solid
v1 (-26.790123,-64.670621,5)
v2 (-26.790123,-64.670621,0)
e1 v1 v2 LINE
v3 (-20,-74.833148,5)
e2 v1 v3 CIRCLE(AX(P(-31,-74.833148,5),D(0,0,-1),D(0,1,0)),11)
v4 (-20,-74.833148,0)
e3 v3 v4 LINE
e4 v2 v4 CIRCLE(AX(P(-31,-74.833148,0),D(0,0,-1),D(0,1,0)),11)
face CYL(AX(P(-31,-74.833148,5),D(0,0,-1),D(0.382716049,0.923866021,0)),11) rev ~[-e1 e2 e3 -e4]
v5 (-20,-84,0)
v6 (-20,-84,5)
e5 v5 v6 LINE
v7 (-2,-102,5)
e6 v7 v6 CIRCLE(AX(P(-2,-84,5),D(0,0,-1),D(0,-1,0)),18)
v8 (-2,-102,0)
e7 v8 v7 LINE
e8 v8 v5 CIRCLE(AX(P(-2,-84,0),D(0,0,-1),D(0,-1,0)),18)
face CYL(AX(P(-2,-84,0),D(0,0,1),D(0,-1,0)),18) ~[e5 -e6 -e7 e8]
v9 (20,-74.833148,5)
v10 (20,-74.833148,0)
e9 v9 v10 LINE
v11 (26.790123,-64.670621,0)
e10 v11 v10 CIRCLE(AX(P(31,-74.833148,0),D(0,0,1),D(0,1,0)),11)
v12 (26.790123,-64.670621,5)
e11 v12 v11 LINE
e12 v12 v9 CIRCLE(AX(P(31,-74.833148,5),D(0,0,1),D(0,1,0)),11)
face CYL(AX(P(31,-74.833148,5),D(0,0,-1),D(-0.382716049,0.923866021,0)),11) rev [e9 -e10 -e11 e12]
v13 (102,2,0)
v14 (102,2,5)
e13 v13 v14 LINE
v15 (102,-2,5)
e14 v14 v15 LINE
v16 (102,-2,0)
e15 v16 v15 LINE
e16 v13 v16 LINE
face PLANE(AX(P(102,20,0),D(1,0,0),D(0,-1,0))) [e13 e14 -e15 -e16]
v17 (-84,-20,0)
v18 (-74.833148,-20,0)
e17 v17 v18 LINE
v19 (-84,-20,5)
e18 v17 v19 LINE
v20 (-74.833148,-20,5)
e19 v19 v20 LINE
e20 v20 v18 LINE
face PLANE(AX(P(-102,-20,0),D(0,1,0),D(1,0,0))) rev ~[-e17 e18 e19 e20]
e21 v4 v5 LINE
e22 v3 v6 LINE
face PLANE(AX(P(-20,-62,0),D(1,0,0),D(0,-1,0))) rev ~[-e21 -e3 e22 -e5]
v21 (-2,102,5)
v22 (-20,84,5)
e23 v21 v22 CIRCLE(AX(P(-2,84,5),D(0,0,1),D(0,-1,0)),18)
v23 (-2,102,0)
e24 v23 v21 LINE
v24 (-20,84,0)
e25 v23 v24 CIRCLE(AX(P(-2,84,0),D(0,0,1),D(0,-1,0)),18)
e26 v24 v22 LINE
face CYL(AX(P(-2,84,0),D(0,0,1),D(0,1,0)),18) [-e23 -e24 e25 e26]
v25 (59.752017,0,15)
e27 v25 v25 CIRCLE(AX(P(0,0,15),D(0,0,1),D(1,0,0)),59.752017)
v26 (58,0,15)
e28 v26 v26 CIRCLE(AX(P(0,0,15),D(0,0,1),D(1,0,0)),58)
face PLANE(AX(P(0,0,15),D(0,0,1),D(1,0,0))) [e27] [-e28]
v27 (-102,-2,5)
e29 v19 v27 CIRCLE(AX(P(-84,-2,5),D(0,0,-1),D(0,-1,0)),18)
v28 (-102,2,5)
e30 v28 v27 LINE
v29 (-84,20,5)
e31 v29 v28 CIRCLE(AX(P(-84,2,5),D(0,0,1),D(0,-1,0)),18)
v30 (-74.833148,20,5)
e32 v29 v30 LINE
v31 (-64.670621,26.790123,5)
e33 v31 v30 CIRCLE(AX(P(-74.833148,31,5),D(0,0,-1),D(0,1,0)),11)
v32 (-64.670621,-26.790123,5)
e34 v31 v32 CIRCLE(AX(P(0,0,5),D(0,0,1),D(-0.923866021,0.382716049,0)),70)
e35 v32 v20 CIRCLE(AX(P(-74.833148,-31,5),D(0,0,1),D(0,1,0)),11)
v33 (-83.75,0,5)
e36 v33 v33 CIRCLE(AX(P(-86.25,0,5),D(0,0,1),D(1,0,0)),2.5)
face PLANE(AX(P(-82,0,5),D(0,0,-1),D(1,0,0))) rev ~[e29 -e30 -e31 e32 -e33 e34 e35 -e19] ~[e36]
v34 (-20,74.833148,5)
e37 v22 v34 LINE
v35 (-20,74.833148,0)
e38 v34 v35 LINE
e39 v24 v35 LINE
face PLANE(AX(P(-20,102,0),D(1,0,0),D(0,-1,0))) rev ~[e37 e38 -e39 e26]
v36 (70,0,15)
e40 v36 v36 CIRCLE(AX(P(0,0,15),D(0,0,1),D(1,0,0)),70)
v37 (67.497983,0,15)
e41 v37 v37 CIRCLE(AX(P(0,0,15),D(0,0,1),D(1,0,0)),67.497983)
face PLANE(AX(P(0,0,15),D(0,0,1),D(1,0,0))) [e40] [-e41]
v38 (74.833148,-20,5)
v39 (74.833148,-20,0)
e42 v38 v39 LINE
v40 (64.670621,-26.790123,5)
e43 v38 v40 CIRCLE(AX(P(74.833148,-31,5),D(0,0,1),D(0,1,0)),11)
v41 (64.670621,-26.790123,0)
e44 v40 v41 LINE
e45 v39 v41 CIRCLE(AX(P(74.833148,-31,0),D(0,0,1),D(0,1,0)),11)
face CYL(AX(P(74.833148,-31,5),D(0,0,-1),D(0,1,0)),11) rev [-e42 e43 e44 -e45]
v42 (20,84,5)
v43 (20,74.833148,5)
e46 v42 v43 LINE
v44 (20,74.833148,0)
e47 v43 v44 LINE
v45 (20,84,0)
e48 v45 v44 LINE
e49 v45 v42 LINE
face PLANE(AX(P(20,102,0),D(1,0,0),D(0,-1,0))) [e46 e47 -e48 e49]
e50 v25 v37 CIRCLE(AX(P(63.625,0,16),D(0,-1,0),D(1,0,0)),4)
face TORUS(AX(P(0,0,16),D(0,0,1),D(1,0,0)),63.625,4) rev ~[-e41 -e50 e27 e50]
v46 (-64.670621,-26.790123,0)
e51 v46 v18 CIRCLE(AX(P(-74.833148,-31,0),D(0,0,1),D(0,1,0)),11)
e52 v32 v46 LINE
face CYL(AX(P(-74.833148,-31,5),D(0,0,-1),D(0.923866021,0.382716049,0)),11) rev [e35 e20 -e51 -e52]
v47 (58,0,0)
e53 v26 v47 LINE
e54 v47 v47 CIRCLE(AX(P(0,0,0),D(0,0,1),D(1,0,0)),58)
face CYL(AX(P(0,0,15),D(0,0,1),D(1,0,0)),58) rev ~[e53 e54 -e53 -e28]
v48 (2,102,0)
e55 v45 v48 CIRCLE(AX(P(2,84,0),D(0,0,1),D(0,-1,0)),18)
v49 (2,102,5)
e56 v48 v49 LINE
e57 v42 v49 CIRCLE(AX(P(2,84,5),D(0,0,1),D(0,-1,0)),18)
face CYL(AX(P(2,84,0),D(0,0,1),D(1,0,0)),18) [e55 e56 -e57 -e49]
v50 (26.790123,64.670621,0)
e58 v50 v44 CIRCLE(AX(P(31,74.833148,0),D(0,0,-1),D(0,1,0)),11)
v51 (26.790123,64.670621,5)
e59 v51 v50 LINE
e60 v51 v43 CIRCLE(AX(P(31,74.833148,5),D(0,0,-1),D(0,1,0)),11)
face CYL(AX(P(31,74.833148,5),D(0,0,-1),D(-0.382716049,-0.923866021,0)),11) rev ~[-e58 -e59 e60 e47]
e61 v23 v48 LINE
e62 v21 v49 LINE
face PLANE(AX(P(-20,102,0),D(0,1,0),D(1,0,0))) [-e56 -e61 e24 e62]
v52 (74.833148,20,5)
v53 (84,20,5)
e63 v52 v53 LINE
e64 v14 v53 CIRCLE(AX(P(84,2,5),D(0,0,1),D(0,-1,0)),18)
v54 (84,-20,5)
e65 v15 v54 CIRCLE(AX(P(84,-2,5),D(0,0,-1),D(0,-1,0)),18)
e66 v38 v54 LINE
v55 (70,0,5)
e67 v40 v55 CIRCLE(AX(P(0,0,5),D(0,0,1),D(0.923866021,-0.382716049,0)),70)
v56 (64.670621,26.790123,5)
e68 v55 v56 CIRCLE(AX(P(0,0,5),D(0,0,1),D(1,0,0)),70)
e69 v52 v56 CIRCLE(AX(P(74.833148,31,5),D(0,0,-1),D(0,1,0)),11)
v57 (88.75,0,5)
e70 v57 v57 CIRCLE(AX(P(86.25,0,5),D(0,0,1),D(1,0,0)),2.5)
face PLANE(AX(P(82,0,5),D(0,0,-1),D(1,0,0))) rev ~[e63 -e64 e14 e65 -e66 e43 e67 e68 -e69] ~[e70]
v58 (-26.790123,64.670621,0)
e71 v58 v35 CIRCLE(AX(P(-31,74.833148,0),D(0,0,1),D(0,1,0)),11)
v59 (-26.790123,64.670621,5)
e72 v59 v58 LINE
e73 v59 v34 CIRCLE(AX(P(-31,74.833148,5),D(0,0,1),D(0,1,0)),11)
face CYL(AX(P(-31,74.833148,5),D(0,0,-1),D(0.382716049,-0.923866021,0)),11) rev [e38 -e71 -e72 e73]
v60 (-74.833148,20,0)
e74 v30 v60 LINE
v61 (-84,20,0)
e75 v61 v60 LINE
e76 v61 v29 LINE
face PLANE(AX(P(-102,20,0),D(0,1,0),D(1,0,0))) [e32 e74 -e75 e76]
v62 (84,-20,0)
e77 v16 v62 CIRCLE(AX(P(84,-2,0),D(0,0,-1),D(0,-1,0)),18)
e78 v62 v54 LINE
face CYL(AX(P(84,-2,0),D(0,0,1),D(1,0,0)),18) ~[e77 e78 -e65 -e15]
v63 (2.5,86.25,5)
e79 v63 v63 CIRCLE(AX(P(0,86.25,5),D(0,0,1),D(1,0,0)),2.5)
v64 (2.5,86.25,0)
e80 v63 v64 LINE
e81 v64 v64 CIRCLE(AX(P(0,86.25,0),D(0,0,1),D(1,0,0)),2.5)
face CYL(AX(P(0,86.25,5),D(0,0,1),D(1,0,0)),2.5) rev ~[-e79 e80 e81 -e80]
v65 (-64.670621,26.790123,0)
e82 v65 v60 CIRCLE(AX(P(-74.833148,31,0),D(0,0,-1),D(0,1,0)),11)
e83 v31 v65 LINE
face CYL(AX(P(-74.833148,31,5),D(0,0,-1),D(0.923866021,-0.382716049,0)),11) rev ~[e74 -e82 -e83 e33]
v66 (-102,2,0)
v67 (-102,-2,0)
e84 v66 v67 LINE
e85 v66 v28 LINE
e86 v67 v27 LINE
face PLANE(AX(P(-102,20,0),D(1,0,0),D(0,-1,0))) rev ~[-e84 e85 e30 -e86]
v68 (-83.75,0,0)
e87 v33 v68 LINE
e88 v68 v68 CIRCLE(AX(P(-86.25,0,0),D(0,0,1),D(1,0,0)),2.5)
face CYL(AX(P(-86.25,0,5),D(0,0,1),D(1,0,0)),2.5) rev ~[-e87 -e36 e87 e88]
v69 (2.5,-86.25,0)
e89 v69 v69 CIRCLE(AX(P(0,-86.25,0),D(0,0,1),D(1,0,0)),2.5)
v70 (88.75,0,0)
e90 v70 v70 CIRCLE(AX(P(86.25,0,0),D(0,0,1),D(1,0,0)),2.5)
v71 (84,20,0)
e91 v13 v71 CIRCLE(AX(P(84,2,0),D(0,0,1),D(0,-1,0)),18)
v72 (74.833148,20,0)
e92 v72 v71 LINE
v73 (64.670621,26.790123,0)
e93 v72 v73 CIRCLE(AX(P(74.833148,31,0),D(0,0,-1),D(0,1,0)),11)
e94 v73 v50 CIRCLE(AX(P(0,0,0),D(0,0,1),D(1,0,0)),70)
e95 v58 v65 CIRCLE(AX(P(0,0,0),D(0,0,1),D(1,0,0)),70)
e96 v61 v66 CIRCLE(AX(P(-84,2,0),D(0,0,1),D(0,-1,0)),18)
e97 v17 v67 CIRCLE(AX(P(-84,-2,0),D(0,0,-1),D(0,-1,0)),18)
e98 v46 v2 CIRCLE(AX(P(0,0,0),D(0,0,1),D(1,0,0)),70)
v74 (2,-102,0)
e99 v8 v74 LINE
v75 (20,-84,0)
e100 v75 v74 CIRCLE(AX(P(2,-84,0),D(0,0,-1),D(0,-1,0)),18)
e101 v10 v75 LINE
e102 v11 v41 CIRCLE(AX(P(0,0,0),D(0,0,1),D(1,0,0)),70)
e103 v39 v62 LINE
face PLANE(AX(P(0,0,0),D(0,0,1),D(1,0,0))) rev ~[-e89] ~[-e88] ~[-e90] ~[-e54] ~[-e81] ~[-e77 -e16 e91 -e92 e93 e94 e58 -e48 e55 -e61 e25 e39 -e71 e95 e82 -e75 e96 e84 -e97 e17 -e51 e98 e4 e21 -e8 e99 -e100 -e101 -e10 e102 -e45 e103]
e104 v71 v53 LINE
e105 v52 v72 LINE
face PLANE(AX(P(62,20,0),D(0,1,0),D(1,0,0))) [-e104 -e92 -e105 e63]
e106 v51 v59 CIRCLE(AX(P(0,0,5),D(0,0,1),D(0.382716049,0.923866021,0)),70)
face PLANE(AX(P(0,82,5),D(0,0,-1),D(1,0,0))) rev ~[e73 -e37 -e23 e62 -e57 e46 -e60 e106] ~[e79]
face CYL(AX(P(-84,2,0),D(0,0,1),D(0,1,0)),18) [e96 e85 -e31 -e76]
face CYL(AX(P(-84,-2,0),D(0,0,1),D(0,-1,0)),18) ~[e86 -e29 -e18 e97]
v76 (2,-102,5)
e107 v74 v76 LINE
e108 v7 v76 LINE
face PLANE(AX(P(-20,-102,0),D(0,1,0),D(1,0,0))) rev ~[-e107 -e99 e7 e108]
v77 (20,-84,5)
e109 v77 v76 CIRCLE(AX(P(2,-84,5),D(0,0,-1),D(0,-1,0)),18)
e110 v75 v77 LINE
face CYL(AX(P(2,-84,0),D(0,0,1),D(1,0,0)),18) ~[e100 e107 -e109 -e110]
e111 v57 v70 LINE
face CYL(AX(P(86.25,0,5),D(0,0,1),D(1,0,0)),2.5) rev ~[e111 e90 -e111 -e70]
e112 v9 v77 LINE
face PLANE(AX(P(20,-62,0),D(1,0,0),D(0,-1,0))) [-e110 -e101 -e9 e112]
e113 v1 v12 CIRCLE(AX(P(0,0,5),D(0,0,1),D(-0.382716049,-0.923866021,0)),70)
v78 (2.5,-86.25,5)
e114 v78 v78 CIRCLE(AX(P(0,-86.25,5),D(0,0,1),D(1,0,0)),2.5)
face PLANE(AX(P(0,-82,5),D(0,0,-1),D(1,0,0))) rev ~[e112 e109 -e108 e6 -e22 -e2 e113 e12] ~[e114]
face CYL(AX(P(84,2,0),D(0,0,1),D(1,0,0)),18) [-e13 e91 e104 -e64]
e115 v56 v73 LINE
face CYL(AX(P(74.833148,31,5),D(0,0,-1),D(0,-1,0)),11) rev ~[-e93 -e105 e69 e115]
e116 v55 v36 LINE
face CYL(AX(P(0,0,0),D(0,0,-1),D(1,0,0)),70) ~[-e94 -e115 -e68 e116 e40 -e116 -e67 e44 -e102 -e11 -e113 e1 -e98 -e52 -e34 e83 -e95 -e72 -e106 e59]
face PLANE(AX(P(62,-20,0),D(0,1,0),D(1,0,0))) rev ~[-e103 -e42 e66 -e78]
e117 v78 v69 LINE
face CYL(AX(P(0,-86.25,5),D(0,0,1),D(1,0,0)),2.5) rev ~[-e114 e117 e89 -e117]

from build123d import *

# Parameters (mm, degrees)
SKETCH_R        = 70
SKETCH_R_2      = 57.25
PAD_DEPTH       = 15
SKETCH001_R     = 4
SKETCH002_W     = 40
SKETCH002_H     = 40
PAD001_DEPTH    = 5
SKETCH003_R     = 2.5
POCKET_DEPTH    = 5
FILLET_R        = 18
FILLET001_R     = 11
SKETCH004_R     = 58
POCKET001_DEPTH = 15.001


with BuildPart() as part:
    # Sketch → Pad (new body)
    with BuildSketch(Plane.XY):
        Circle(SKETCH_R)
        Circle(SKETCH_R_2, mode=Mode.SUBTRACT)
    extrude(amount=PAD_DEPTH)

    # Sketch001 → Groove (revolve, cut)
    with BuildSketch(Plane.XZ):
        with Locations((63.625, 16)):
            Circle(SKETCH001_R)
    revolve(axis=Axis((0, 0, 0), (0, 0, 1)), mode=Mode.SUBTRACT)

    # Sketch002 (on Face2 of Groove) → Pad001 (join)
    with BuildSketch(Plane(origin=(0, 0, 0), x_dir=(1, 0, 0), z_dir=(0, 0, -1))):
        with Locations((82, 0)):
            Rectangle(SKETCH002_W, SKETCH002_H)
        with Locations((-82, 0)):
            Rectangle(SKETCH002_W, SKETCH002_H)
        with Locations((0, 82)):
            Rectangle(SKETCH002_W, SKETCH002_H)
        with Locations((0, -82)):
            Rectangle(SKETCH002_W, SKETCH002_H)
    extrude(amount=-PAD001_DEPTH)

    # Sketch003 (on Face13 of Pad001) → Pocket (cut)
    with BuildSketch(Plane.XY.offset(5)):
        with Locations((-86.25, 0)):
            Circle(SKETCH003_R)
        with Locations((0, -86.25)):
            Circle(SKETCH003_R)
        with Locations((86.25, 0)):
            Circle(SKETCH003_R)
        with Locations((0, 86.25)):
            Circle(SKETCH003_R)
    extrude(amount=-POCKET_DEPTH, mode=Mode.SUBTRACT)

    # Fillet
    fillet_edges = [part.edges().sort_by_distance(p)[0] for p in [
        (-20, 102, 2.5),
        (20, 102, 2.5),
        (102, 20, 2.5),
        (102, -20, 2.5),
        (20, -102, 2.5),
        (-20, -102, 2.5),
        (-102, -20, 2.5),
        (-102, 20, 2.5),
    ]]
    fillet(fillet_edges, radius=FILLET_R)

    # Fillet001
    fillet001_edges = [part.edges().sort_by_distance(p)[0] for p in [
        (67.082039, 20, 2.5),
        (20, 67.082039, 2.5),
        (-20, 67.082039, 2.5),
        (-67.082039, 20, 2.5),
        (-67.082039, -20, 2.5),
        (-20, -67.082039, 2.5),
        (20, -67.082039, 2.5),
        (67.082039, -20, 2.5),
    ]]
    fillet(fillet001_edges, radius=FILLET001_R)

    # Sketch004 (on Face41 of Fillet001) → Pocket001 (cut, through all)
    with BuildSketch(Plane.XY.offset(15)):
        Circle(SKETCH004_R)
    extrude(amount=-POCKET001_DEPTH, mode=Mode.SUBTRACT)


solid = part.part
